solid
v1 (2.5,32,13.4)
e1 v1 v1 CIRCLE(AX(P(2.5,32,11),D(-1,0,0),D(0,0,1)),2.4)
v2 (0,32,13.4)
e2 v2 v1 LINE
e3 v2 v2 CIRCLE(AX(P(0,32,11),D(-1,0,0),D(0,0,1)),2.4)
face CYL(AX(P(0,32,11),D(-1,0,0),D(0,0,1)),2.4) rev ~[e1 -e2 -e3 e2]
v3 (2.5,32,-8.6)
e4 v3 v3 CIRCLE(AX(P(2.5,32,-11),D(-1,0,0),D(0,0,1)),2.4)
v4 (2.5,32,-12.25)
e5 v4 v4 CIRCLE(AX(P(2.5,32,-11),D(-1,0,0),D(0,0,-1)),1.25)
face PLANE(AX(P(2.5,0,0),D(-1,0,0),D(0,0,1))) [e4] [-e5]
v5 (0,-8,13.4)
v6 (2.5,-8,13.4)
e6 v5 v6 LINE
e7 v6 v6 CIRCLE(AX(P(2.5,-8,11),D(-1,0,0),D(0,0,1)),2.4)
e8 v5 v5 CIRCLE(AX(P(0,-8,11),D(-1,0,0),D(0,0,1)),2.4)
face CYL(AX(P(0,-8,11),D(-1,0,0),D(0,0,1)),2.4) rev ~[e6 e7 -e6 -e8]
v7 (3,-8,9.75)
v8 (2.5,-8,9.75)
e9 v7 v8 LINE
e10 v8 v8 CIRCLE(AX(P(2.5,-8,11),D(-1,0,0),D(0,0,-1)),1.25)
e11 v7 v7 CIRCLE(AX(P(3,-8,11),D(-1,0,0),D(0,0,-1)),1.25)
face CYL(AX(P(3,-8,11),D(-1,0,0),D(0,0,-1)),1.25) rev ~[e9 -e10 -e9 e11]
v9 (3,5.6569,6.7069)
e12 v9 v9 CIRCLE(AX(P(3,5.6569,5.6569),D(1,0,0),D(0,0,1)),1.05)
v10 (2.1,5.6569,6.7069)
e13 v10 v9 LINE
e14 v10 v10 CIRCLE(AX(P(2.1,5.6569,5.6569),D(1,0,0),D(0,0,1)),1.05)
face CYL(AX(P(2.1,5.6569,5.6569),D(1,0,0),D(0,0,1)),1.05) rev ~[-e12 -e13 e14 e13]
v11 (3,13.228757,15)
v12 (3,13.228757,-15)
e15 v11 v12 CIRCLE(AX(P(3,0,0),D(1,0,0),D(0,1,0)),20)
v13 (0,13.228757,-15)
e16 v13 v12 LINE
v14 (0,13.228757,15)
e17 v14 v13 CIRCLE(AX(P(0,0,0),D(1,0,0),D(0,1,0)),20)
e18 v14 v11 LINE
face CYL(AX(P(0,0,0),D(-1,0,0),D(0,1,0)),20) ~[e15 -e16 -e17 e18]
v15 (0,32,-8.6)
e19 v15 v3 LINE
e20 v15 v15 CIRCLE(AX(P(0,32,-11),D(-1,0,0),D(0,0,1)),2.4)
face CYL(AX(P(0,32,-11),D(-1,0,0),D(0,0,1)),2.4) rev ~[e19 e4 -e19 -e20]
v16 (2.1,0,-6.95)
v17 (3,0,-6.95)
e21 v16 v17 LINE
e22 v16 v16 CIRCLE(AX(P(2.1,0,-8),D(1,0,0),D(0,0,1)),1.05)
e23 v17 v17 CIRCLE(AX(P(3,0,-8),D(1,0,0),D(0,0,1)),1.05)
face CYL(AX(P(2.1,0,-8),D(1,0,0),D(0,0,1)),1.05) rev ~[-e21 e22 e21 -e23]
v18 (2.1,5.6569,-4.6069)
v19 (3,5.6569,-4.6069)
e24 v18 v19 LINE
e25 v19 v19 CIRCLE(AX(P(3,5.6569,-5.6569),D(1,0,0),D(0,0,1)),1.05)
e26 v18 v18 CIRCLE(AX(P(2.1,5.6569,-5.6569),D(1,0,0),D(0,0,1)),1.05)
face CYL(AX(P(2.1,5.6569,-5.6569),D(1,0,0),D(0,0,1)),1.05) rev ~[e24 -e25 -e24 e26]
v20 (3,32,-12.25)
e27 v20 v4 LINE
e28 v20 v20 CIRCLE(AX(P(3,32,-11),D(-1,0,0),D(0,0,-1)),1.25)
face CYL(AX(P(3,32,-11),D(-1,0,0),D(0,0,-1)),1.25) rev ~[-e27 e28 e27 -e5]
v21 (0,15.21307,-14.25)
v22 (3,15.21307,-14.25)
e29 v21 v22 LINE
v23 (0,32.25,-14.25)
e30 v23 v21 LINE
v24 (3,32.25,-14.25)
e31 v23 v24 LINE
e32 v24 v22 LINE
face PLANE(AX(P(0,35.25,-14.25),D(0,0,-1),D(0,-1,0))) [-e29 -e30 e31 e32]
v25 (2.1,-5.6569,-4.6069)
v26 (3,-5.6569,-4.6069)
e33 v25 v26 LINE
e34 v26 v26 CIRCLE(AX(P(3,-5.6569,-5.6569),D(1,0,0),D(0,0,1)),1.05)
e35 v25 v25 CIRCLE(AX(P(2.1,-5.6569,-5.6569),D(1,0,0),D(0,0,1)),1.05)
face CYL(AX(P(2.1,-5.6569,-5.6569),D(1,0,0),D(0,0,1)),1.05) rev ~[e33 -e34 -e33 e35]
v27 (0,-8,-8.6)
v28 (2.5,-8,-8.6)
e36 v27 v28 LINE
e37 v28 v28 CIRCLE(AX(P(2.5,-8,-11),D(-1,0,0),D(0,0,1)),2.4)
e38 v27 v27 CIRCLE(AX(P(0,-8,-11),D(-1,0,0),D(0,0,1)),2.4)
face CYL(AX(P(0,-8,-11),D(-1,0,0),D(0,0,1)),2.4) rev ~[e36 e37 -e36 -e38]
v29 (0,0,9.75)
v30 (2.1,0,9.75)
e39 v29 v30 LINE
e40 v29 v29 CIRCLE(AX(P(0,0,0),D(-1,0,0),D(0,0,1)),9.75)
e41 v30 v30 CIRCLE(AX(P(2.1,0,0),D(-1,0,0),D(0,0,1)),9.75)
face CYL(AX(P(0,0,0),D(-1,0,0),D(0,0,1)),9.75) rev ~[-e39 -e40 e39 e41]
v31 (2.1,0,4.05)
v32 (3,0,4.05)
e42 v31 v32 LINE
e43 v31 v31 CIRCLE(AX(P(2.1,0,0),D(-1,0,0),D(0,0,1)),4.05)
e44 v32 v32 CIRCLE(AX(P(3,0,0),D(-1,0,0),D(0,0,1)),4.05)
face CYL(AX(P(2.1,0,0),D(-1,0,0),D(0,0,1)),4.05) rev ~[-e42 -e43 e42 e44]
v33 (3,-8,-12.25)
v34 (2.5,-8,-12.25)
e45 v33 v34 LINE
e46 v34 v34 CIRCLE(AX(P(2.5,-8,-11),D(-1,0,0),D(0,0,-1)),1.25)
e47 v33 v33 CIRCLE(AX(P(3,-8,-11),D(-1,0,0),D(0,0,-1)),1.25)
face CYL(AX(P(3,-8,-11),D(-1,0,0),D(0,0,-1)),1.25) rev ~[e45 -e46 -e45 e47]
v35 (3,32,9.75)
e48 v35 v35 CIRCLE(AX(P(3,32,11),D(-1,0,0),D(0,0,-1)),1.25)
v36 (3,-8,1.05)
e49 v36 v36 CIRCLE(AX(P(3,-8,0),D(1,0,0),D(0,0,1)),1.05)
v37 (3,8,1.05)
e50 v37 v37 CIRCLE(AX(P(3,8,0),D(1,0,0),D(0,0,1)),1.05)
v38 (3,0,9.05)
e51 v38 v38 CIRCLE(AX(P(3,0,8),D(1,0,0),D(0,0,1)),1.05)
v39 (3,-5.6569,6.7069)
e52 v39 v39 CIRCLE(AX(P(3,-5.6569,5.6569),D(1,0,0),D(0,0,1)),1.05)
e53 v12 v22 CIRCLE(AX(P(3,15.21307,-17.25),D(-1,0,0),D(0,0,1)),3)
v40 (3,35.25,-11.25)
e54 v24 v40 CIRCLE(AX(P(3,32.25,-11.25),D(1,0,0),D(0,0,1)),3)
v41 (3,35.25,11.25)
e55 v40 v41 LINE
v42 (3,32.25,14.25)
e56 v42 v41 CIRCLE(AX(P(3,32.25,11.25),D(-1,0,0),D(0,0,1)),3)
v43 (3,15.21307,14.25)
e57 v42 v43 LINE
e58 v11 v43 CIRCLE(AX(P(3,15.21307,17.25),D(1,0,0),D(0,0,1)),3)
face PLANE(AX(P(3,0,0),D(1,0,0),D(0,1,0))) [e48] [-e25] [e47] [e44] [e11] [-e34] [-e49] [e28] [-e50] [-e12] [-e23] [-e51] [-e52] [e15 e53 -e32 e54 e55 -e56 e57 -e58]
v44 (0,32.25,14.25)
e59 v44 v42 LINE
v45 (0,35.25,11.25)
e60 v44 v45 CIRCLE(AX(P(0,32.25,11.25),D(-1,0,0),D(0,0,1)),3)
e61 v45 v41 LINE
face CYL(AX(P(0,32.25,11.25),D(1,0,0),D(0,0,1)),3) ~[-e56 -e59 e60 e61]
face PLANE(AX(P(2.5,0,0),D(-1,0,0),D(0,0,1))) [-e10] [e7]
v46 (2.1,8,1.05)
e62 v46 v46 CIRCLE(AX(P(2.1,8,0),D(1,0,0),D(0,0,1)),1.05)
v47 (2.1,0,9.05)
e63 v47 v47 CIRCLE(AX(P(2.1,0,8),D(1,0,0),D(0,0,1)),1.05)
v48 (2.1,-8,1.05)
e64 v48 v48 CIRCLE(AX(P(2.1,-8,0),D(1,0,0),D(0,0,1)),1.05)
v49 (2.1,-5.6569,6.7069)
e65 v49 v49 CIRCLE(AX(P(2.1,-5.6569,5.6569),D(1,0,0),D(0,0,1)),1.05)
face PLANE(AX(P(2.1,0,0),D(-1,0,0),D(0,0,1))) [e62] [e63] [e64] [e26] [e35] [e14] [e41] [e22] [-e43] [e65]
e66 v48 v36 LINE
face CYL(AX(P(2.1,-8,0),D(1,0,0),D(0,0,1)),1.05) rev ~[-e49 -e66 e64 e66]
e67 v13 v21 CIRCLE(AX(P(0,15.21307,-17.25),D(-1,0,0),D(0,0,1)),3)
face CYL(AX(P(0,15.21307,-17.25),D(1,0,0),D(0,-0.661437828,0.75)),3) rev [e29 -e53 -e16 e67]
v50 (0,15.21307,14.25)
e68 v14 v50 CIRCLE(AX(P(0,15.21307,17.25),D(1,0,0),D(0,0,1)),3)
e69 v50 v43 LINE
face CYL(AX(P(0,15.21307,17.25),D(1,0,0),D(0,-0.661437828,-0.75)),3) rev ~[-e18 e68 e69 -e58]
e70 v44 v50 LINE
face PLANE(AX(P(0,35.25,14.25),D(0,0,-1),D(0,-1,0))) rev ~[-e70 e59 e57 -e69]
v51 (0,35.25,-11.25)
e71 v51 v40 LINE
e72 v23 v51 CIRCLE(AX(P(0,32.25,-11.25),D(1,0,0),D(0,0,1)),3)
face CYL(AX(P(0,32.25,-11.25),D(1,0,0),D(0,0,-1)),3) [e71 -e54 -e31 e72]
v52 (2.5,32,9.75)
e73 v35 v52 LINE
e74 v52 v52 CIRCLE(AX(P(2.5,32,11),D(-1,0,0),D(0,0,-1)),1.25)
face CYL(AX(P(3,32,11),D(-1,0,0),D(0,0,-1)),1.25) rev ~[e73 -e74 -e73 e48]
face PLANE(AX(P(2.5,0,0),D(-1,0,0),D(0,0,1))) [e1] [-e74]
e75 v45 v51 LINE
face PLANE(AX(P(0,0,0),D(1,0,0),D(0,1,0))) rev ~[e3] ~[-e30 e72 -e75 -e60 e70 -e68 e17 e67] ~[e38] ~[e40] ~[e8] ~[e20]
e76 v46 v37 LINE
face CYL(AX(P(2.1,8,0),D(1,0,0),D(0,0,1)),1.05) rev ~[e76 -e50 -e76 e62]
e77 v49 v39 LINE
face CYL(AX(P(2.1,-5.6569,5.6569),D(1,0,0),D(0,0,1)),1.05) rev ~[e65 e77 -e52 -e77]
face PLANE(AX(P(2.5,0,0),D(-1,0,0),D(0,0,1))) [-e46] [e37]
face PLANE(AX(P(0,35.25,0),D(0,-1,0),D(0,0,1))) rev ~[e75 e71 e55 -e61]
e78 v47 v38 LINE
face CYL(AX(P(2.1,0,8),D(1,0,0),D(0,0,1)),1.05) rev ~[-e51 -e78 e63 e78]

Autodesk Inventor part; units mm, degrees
ref_plane "YZ Plane" through (0, 0, 0) normal (1, 0, 0) x (0, 1, 0)
ref_plane "XZ Plane" through (0, 0, 0) normal (0, 1, 0) x (-1, 0, 0)
ref_plane "XY Plane" through (0, 0, 0) normal (0, 0, 1) x (1, 0, 0)
sketch "スケッチ1" plane through (0, 0, 0) normal (1, 0, 0) x (0, 1, 0)
  circle A0 centre (0, 0) radius 20
  circle A1 centre (0, 0) radius 9.75
  line L0 (0, 0) -> (35.25, 0)
  line L1 (35.25, 0) -> (35.25, -14.25)
  line L2 (35.25, -14.25) -> (0, -14.25)
  line L3 (0, -14.25) -> (0, 0)
  line L4 (35.25, 0) -> (35.25, 14.25)
  line L5 (35.25, 14.25) -> (0, 14.25)
  point P0 (14.0334, 14.25)
  point P1 (14.0334, -14.25)
  dimension "d0" = 40
  dimension "d1" = 19.5
  dimension "d2" = 14.25
  dimension "d3" = 35.25
extrude "押し出し1" add sketch "スケッチ1" along normal blind 3
sketch "スケッチ2" plane through (0, 0, 0) normal (-1, 0, 0) x (0, 0, 1)
  arc A0 (-14.25, 14.0334) -> (14.25, 14.0334) centre (0, 0) ccw projected
  circle A1 centre (0, 0) radius 9.75
  dimension "d6" = 19.5
extrude "押し出し2" cut sketch "スケッチ2" against normal blind 2.1
sketch "スケッチ3" plane through (2.1, 0, 0) normal (-1, 0, 0) x (0, 0, 1)
  circle A0 centre (0, 0) radius 8
  point P0 (0, 8)
  point P1 (-5.6569, 5.6569)
  point P2 (-8, 0)
  point P3 (-5.6569, -5.6569)
  point P4 (0, -8)
  point P5 (5.6569, -5.6569)
  point P6 (8, 0)
  point P7 (5.6569, 5.6569)
  dimension "d9" = 16
  dimension "d12" = 360
hole "穴1" at (2.1, 8, 0) at (2.1, 5.6569, -5.6569) at (2.1, 0, -8) at (2.1, -5.6569, -5.6569) at (2.1, -8, 0) at (2.1, -5.6569, 5.6569) at (2.1, 0, 8) at (2.1, 5.6569, 5.6569) direction (1, 0, 0) diameter 2.1 end through all
sketch "スケッチ4" plane through (3, 0, 0) normal (1, 0, 0) x (0, 0, -1)
  line L0 (-14.25, 35.25) -> (-14.25, 14.0334) projected
  line L1 (-14.25, 35.25) -> (14.25, 35.25)
  line L2 (14.25, 35.25) -> (14.25, -11.25)
  line L3 (14.25, -11.25) -> (-14.25, -11.25)
  line L4 (-14.25, -11.25) -> (-14.25, 35.25)
  point P0 (0, 0)
  point P1 (-11, -8)
  point P2 (11, -8)
  point P3 (-11, 32)
  point P4 (11, 32)
  dimension "d21" = 46.5
  dimension "d22" = 3.25
  dimension "d23" = 3.25
  dimension "d24" = 3.25
  dimension "d25" = 3.25
  dimension "d26" = 3.25
  dimension "d27" = 3.25
  dimension "d28" = 3.25
  dimension "d29" = 3.25
hole "穴2" at (3, -8, 11) at (3, -8, -11) at (3, 32, -11) at (3, 32, 11) direction (-1, 0, 0) diameter 2.5 end through all
sketch "スケッチ5" plane through (0, 0, 0) normal (-1, 0, 0) x (0, 0, 1)
  circle A0 centre (-11, -8) radius 1.25 projected
  circle A1 centre (-11, -8) radius 2.4
  circle A2 centre (11, -8) radius 1.25 projected
  circle A3 centre (11, -8) radius 2.4
  circle A4 centre (-11, 32) radius 1.25 projected
  circle A5 centre (-11, 32) radius 2.4
  circle A6 centre (11, 32) radius 1.25 projected
  circle A7 centre (11, 32) radius 2.4
  point P0 (0, 0)
  dimension "d37" = 4.8
  dimension "d38" = 4.8
  dimension "d39" = 4.8
  dimension "d40" = 4.8
extrude "押し出し3" cut sketch "スケッチ5" against normal blind 2.5 contours A1 | A2 | A3 | A4 | A5 | A6 | A7
fillet "フィレット1" radius 3 4 edges at (1.5, 35.25, -14.25) (1.5, 35.25, 14.25) (1.5, 14.0334, -14.25) (1.5, 14.0334, 14.25)
sketch "スケッチ6" plane through (2.1, 0, 0) normal (-1, 0, 0) x (0, 0, 1)
  circle A0 centre (0, 0) radius 4.05
  dimension "d44" = 8.1
extrude "押し出し4" cut sketch "スケッチ6" against normal blind 10
properties part number "connectplate3" material "アルミニウム 6061"
